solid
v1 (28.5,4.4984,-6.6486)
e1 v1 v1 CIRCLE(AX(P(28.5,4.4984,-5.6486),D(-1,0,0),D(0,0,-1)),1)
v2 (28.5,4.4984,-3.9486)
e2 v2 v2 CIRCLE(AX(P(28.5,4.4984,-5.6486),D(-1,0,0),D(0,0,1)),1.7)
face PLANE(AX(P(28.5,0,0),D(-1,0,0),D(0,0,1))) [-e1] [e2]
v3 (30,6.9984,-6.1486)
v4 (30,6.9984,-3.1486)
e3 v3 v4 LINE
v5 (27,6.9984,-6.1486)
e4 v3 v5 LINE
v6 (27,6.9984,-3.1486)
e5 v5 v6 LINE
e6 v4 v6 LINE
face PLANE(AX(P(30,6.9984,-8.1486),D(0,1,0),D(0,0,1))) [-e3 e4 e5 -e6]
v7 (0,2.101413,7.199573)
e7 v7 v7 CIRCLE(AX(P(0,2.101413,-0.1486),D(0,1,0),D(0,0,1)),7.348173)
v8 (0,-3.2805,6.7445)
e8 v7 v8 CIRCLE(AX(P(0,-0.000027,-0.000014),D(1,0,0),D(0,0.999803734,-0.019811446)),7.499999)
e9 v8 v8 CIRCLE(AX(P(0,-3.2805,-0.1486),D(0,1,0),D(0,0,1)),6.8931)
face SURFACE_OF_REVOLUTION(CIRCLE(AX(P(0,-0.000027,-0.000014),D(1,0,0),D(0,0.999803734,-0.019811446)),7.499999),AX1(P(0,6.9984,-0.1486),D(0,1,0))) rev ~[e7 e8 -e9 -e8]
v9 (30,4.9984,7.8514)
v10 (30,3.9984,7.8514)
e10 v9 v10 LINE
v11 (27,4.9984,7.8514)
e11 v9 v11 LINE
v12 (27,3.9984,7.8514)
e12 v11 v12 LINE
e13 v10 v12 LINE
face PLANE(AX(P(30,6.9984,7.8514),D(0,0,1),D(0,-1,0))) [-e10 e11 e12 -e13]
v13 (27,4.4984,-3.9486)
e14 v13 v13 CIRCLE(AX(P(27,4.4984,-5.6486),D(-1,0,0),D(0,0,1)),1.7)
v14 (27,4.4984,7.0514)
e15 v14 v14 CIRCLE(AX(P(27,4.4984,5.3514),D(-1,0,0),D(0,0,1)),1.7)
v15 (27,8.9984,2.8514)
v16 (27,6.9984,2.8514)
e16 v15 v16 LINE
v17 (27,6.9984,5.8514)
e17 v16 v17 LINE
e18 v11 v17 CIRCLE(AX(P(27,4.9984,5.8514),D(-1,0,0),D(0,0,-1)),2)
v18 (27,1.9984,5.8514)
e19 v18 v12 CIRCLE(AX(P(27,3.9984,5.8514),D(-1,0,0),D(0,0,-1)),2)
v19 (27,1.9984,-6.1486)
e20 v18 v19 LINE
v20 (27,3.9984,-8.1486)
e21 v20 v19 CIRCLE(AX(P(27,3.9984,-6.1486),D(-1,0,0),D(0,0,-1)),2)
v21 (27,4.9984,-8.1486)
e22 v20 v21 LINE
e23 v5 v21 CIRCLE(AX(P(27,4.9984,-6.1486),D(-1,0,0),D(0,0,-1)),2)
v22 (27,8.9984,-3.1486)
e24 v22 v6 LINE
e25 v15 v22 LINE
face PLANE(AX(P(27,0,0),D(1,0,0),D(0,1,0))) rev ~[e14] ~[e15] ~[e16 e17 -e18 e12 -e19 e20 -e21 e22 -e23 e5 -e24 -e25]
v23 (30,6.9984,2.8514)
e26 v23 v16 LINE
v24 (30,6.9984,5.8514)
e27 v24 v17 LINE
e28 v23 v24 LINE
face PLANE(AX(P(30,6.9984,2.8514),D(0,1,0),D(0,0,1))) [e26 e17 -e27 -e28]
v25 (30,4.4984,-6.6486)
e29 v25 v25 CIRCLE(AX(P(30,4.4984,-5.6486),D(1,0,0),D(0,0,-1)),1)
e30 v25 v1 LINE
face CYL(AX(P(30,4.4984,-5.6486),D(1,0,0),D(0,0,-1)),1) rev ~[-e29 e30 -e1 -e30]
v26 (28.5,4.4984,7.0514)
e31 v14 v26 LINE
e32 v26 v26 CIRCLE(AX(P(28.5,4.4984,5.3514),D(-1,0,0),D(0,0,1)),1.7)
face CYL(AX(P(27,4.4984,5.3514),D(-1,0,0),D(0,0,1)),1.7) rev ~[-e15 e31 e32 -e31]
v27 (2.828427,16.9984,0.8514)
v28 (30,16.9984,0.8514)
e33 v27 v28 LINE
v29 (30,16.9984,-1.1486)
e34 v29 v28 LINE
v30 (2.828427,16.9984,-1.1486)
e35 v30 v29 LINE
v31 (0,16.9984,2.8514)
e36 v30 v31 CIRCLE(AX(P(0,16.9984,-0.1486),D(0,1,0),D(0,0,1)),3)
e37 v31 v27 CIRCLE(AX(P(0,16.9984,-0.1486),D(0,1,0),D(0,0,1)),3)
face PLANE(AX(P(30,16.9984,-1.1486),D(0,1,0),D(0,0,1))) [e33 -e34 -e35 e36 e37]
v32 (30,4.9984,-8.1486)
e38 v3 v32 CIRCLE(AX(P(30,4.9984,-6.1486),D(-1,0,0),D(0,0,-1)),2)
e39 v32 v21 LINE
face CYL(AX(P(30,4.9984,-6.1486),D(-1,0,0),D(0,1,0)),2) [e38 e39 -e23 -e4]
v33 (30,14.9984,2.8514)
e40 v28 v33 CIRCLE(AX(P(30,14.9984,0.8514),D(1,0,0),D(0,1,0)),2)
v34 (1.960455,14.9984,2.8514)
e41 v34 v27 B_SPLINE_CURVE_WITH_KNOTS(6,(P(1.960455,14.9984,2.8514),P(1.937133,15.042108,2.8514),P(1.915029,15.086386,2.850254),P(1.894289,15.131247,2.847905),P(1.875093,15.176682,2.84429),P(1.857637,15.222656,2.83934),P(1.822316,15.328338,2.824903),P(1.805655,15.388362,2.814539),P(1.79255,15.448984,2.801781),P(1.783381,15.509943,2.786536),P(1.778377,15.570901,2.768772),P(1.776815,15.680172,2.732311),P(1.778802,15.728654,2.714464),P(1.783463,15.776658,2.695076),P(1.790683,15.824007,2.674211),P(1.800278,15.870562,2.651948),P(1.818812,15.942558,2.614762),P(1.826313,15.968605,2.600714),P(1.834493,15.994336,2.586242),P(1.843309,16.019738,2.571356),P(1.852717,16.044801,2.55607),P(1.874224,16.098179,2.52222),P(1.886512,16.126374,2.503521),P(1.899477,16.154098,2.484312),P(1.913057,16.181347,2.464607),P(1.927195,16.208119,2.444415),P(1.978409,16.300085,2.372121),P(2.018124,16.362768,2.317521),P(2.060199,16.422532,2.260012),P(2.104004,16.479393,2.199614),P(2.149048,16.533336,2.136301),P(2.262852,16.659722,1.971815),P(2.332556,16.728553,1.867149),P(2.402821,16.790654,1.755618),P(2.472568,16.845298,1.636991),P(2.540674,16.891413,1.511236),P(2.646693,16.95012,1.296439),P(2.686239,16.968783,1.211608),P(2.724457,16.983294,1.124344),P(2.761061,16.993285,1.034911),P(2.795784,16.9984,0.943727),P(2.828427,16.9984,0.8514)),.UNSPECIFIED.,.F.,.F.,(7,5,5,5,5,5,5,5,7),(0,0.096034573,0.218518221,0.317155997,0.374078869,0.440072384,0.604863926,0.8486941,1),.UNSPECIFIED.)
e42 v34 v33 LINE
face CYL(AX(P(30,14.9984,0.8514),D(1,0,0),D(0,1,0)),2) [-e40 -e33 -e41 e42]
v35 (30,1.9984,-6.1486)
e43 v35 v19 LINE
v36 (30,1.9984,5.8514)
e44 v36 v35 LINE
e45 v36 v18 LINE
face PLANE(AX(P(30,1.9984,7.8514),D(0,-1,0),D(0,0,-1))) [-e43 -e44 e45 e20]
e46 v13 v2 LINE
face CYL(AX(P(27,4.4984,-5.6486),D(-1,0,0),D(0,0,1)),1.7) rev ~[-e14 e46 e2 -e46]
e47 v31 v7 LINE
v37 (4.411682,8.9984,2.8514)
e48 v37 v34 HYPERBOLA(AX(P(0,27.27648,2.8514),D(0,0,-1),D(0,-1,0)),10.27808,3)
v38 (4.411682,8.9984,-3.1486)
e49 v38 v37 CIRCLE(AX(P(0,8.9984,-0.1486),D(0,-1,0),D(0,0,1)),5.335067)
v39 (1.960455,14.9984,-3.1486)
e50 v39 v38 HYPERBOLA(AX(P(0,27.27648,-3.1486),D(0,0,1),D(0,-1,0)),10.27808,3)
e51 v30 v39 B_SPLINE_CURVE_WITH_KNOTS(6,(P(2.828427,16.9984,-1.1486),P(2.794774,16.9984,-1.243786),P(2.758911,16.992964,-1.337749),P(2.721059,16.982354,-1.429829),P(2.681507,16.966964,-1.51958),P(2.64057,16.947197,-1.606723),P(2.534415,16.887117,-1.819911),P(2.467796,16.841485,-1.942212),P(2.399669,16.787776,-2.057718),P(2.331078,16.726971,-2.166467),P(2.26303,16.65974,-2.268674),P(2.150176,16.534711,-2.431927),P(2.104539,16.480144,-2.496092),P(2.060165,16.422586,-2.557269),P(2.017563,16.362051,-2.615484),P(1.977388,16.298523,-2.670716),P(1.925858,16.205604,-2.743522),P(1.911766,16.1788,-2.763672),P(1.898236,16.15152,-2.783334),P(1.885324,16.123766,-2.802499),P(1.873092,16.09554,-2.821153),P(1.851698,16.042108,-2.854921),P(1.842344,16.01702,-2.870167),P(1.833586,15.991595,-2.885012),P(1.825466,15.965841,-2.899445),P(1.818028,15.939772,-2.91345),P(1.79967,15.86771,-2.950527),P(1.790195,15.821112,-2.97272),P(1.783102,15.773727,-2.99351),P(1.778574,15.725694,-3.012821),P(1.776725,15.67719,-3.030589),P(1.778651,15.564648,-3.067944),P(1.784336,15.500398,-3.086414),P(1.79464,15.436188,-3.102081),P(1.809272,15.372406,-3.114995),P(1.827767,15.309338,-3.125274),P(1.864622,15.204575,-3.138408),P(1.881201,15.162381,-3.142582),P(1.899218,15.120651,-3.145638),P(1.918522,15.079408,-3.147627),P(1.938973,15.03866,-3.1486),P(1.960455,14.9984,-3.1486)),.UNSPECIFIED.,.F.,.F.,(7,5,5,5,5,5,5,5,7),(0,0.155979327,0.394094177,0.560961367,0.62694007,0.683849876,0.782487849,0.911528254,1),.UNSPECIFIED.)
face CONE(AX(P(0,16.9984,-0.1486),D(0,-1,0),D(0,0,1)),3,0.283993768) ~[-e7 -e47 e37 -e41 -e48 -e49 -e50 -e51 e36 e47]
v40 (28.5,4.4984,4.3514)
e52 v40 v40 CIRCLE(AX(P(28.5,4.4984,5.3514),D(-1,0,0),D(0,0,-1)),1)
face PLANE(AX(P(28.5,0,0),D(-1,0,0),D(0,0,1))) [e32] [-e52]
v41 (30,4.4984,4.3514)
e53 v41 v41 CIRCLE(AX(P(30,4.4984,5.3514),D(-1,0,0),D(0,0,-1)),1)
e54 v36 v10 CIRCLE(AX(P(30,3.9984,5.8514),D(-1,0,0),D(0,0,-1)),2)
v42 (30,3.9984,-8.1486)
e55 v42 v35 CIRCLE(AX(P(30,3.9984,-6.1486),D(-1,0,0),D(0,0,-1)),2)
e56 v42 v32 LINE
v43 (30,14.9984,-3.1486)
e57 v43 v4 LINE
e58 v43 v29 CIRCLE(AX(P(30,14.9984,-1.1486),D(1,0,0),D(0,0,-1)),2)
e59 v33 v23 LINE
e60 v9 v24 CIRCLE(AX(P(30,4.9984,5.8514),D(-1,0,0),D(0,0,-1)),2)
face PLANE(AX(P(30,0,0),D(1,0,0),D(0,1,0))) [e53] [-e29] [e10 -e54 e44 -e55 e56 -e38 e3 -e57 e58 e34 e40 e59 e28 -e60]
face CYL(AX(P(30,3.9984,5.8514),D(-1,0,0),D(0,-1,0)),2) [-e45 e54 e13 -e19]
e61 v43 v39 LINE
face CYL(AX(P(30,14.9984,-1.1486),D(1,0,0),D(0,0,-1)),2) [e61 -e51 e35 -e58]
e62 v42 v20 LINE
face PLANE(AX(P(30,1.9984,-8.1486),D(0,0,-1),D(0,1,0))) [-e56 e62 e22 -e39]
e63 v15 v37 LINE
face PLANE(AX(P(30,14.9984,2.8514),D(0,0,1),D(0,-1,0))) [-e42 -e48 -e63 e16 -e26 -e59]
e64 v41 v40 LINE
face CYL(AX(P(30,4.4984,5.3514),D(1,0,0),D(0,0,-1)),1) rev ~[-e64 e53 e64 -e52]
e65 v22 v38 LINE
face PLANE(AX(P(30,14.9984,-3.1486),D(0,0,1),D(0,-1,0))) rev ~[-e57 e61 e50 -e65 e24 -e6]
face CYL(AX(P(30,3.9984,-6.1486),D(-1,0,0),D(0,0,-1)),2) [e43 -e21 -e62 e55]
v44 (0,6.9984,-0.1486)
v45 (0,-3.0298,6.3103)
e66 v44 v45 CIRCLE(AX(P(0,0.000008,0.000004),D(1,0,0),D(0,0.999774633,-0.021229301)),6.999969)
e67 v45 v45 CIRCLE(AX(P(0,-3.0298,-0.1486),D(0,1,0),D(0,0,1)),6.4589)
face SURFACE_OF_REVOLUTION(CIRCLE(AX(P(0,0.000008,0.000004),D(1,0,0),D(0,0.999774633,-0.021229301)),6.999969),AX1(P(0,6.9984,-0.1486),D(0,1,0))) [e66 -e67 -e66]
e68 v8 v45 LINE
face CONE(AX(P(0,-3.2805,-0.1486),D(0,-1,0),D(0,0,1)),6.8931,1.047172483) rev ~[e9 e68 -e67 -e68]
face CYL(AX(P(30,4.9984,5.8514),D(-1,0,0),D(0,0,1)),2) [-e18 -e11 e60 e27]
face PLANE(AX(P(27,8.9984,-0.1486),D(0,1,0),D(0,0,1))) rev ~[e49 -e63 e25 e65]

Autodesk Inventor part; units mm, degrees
ref_plane "XZ Plane" through (0, 0, 0) normal (0, 1, 0) x (-1, 0, 0)
ref_plane "XY Plane" through (0, 0, 0) normal (0, 0, 1) x (1, 0, 0)
sketch "Sketch1" plane through (0, 0, 0) normal (1, 0, 0) x (0, 1, 0)
  arc A0 (7.4985, -0.1486) -> (-3.2805, 6.7445) centre (0, 0) ccw
  line L0 (0, 0) -> (-1.75, 0)
  line L1 (-1.75, 0) -> (-1.75, -0.1486)
  line L2 (-1.75, -4.1458) -> (-0.74, -4.1458) construction
  line L3 (-3.2805, 6.7445) -> (-3.0298, 6.3103)
  line L4 (-3.2805, 6.7445) -> (-2.7791, 6.7445) construction
  line L5 (6.9984, -0.1486) -> (16.9984, -0.1486)
  line L6 (16.9984, -0.1486) -> (16.9984, 2.8514)
  line L7 (16.9984, 2.8514) -> (1.2284, 7.4544)
  arc A1 (6.9984, -0.1486) -> (-3.0298, 6.3103) centre (0, 0) ccw
  point P0 (2.1014, 7.1996)
  dimension "d1" = 15
  dimension "d2" = 1.75
  dimension "d4" = 60
  dimension "d5" = 10
  dimension "d6" = 3
  dimension "d8" = 7
revolve "Revolution1" add sketch "Sketch1" angle 360 about axis through (0, 6.9984, -0.1486) along (0, 1, 0)
ref_plane "Work Plane1" through (30, 0, 0) normal (1, 0, 0) x (0, 1, 0)
sketch "Sketch2" plane through (30, 0, 0) normal (1, 0, 0) x (0, 1, 0)
  line L0 (16.9984, -3.1486) -> (16.9984, 2.8514) projected
  line L1 (14.9984, 2.8514) -> (6.9984, 2.8514)
  line L2 (14.9984, -3.1486) -> (6.9984, -3.1486)
  line L3 (16.9984, 0.8514) -> (16.9984, -1.1486)
  arc A0 (16.9984, 0.8514) -> (14.9984, 2.8514) centre (14.9984, 0.8514) ccw
  arc A1 (14.9984, -3.1486) -> (16.9984, -1.1486) centre (14.9984, -1.1486) ccw
  line L4 (6.9984, 2.8514) -> (6.9984, 7.8514)
  line L5 (6.9984, 7.8514) -> (1.9984, 7.8514)
  line L6 (1.9984, 7.8514) -> (1.9984, -8.1486)
  line L7 (2.1014, -7.4967) -> (2.1014, 7.1996) projected
  line L8 (1.9984, 7.8514) -> (17.9984, 7.8514) construction
  line L9 (1.9984, -8.1486) -> (6.9984, -8.1486)
  line L10 (6.9984, -8.1486) -> (6.9984, -3.1486)
  point P0 (0, 0)
  dimension "d10" = 10
  dimension "d11" = 10
  dimension "d12" = 2
  dimension "d13" = 5
  dimension "d14" = 5
  dimension "d15" = 16
  dimension "d16" = 90
  dimension "d17" = 5
extrude "Extrusion1" add sketch "Sketch2" against normal blind 3
sketch "Sketch3" plane through (27, 0, 0) normal (-1, 0, 0) x (0, 0, 1)
  line L0 (0.8514, 16.9984) -> (-1.1486, 16.9984) projected
  line L1 (-0.1486, 16.9984) -> (-0.1486, 8.9984)
  line L2 (-0.1486, 8.9984) -> (-3.1486, 8.9984)
  line L3 (-3.1486, 14.9984) -> (-3.1486, 6.9984) projected
  line L4 (-0.1486, 8.9984) -> (2.8514, 8.9984)
  line L5 (2.8514, 6.9984) -> (2.8514, 14.9984) projected
  arc A0 (2.8514, 14.9984) -> (0.8514, 16.9984) centre (0.8514, 14.9984) ccw projected
  arc A1 (-1.1486, 16.9984) -> (-3.1486, 14.9984) centre (-1.1486, 14.9984) ccw projected
  point P0 (0, 0)
  dimension "d20" = 8
extrude "Extrusion2" add sketch "Sketch3" along normal up to surface
fillet "Fillet1" radius 2 4 edges at (28.5, 1.9984, -8.1486) (28.5, 6.9984, -8.1486) (28.5, 1.9984, 7.8514) (28.5, 6.9984, 7.8514)
sketch "Sketch4" plane through (30, 0, 0) normal (1, 0, 0) x (0, 0, -1)
  line L0 (8.1486, 4.9984) -> (8.1486, 3.9984) projected
  line L1 (8.1486, 4.4984) -> (5.6486, 4.4984)
  circle A0 centre (5.6486, 4.4984) radius 1
  line L2 (-7.8514, 4.9984) -> (-7.8514, 3.9984) projected
  line L3 (-7.8514, 4.4984) -> (-5.3514, 4.4984)
  circle A1 centre (-5.3514, 4.4984) radius 1
  point P0 (0, 0)
  dimension "d24" = 2.5
  dimension "d25" = 2
  dimension "d26" = 2.5
  dimension "d27" = 2
extrude "Extrusion3" cut sketch "Sketch4" against normal up to surface (3 mm away)
sketch "Sketch5" plane through (27, 0, 0) normal (-1, 0, 0) x (0, 0, 1)
  circle A0 centre (5.3514, 4.4984) radius 1 projected
  circle A1 centre (-5.6486, 4.4984) radius 1 projected
  circle A2 centre (-5.6486, 4.4984) radius 1.7
  circle A3 centre (5.3514, 4.4984) radius 1.7
  point P0 (0, 0)
  dimension "d30" = 3.4
  dimension "d31" = 3.4
extrude "Extrusion4" cut sketch "Sketch5" against normal blind 1.5
equation "\"d21\" = d20"
properties part number "BallFemale"
